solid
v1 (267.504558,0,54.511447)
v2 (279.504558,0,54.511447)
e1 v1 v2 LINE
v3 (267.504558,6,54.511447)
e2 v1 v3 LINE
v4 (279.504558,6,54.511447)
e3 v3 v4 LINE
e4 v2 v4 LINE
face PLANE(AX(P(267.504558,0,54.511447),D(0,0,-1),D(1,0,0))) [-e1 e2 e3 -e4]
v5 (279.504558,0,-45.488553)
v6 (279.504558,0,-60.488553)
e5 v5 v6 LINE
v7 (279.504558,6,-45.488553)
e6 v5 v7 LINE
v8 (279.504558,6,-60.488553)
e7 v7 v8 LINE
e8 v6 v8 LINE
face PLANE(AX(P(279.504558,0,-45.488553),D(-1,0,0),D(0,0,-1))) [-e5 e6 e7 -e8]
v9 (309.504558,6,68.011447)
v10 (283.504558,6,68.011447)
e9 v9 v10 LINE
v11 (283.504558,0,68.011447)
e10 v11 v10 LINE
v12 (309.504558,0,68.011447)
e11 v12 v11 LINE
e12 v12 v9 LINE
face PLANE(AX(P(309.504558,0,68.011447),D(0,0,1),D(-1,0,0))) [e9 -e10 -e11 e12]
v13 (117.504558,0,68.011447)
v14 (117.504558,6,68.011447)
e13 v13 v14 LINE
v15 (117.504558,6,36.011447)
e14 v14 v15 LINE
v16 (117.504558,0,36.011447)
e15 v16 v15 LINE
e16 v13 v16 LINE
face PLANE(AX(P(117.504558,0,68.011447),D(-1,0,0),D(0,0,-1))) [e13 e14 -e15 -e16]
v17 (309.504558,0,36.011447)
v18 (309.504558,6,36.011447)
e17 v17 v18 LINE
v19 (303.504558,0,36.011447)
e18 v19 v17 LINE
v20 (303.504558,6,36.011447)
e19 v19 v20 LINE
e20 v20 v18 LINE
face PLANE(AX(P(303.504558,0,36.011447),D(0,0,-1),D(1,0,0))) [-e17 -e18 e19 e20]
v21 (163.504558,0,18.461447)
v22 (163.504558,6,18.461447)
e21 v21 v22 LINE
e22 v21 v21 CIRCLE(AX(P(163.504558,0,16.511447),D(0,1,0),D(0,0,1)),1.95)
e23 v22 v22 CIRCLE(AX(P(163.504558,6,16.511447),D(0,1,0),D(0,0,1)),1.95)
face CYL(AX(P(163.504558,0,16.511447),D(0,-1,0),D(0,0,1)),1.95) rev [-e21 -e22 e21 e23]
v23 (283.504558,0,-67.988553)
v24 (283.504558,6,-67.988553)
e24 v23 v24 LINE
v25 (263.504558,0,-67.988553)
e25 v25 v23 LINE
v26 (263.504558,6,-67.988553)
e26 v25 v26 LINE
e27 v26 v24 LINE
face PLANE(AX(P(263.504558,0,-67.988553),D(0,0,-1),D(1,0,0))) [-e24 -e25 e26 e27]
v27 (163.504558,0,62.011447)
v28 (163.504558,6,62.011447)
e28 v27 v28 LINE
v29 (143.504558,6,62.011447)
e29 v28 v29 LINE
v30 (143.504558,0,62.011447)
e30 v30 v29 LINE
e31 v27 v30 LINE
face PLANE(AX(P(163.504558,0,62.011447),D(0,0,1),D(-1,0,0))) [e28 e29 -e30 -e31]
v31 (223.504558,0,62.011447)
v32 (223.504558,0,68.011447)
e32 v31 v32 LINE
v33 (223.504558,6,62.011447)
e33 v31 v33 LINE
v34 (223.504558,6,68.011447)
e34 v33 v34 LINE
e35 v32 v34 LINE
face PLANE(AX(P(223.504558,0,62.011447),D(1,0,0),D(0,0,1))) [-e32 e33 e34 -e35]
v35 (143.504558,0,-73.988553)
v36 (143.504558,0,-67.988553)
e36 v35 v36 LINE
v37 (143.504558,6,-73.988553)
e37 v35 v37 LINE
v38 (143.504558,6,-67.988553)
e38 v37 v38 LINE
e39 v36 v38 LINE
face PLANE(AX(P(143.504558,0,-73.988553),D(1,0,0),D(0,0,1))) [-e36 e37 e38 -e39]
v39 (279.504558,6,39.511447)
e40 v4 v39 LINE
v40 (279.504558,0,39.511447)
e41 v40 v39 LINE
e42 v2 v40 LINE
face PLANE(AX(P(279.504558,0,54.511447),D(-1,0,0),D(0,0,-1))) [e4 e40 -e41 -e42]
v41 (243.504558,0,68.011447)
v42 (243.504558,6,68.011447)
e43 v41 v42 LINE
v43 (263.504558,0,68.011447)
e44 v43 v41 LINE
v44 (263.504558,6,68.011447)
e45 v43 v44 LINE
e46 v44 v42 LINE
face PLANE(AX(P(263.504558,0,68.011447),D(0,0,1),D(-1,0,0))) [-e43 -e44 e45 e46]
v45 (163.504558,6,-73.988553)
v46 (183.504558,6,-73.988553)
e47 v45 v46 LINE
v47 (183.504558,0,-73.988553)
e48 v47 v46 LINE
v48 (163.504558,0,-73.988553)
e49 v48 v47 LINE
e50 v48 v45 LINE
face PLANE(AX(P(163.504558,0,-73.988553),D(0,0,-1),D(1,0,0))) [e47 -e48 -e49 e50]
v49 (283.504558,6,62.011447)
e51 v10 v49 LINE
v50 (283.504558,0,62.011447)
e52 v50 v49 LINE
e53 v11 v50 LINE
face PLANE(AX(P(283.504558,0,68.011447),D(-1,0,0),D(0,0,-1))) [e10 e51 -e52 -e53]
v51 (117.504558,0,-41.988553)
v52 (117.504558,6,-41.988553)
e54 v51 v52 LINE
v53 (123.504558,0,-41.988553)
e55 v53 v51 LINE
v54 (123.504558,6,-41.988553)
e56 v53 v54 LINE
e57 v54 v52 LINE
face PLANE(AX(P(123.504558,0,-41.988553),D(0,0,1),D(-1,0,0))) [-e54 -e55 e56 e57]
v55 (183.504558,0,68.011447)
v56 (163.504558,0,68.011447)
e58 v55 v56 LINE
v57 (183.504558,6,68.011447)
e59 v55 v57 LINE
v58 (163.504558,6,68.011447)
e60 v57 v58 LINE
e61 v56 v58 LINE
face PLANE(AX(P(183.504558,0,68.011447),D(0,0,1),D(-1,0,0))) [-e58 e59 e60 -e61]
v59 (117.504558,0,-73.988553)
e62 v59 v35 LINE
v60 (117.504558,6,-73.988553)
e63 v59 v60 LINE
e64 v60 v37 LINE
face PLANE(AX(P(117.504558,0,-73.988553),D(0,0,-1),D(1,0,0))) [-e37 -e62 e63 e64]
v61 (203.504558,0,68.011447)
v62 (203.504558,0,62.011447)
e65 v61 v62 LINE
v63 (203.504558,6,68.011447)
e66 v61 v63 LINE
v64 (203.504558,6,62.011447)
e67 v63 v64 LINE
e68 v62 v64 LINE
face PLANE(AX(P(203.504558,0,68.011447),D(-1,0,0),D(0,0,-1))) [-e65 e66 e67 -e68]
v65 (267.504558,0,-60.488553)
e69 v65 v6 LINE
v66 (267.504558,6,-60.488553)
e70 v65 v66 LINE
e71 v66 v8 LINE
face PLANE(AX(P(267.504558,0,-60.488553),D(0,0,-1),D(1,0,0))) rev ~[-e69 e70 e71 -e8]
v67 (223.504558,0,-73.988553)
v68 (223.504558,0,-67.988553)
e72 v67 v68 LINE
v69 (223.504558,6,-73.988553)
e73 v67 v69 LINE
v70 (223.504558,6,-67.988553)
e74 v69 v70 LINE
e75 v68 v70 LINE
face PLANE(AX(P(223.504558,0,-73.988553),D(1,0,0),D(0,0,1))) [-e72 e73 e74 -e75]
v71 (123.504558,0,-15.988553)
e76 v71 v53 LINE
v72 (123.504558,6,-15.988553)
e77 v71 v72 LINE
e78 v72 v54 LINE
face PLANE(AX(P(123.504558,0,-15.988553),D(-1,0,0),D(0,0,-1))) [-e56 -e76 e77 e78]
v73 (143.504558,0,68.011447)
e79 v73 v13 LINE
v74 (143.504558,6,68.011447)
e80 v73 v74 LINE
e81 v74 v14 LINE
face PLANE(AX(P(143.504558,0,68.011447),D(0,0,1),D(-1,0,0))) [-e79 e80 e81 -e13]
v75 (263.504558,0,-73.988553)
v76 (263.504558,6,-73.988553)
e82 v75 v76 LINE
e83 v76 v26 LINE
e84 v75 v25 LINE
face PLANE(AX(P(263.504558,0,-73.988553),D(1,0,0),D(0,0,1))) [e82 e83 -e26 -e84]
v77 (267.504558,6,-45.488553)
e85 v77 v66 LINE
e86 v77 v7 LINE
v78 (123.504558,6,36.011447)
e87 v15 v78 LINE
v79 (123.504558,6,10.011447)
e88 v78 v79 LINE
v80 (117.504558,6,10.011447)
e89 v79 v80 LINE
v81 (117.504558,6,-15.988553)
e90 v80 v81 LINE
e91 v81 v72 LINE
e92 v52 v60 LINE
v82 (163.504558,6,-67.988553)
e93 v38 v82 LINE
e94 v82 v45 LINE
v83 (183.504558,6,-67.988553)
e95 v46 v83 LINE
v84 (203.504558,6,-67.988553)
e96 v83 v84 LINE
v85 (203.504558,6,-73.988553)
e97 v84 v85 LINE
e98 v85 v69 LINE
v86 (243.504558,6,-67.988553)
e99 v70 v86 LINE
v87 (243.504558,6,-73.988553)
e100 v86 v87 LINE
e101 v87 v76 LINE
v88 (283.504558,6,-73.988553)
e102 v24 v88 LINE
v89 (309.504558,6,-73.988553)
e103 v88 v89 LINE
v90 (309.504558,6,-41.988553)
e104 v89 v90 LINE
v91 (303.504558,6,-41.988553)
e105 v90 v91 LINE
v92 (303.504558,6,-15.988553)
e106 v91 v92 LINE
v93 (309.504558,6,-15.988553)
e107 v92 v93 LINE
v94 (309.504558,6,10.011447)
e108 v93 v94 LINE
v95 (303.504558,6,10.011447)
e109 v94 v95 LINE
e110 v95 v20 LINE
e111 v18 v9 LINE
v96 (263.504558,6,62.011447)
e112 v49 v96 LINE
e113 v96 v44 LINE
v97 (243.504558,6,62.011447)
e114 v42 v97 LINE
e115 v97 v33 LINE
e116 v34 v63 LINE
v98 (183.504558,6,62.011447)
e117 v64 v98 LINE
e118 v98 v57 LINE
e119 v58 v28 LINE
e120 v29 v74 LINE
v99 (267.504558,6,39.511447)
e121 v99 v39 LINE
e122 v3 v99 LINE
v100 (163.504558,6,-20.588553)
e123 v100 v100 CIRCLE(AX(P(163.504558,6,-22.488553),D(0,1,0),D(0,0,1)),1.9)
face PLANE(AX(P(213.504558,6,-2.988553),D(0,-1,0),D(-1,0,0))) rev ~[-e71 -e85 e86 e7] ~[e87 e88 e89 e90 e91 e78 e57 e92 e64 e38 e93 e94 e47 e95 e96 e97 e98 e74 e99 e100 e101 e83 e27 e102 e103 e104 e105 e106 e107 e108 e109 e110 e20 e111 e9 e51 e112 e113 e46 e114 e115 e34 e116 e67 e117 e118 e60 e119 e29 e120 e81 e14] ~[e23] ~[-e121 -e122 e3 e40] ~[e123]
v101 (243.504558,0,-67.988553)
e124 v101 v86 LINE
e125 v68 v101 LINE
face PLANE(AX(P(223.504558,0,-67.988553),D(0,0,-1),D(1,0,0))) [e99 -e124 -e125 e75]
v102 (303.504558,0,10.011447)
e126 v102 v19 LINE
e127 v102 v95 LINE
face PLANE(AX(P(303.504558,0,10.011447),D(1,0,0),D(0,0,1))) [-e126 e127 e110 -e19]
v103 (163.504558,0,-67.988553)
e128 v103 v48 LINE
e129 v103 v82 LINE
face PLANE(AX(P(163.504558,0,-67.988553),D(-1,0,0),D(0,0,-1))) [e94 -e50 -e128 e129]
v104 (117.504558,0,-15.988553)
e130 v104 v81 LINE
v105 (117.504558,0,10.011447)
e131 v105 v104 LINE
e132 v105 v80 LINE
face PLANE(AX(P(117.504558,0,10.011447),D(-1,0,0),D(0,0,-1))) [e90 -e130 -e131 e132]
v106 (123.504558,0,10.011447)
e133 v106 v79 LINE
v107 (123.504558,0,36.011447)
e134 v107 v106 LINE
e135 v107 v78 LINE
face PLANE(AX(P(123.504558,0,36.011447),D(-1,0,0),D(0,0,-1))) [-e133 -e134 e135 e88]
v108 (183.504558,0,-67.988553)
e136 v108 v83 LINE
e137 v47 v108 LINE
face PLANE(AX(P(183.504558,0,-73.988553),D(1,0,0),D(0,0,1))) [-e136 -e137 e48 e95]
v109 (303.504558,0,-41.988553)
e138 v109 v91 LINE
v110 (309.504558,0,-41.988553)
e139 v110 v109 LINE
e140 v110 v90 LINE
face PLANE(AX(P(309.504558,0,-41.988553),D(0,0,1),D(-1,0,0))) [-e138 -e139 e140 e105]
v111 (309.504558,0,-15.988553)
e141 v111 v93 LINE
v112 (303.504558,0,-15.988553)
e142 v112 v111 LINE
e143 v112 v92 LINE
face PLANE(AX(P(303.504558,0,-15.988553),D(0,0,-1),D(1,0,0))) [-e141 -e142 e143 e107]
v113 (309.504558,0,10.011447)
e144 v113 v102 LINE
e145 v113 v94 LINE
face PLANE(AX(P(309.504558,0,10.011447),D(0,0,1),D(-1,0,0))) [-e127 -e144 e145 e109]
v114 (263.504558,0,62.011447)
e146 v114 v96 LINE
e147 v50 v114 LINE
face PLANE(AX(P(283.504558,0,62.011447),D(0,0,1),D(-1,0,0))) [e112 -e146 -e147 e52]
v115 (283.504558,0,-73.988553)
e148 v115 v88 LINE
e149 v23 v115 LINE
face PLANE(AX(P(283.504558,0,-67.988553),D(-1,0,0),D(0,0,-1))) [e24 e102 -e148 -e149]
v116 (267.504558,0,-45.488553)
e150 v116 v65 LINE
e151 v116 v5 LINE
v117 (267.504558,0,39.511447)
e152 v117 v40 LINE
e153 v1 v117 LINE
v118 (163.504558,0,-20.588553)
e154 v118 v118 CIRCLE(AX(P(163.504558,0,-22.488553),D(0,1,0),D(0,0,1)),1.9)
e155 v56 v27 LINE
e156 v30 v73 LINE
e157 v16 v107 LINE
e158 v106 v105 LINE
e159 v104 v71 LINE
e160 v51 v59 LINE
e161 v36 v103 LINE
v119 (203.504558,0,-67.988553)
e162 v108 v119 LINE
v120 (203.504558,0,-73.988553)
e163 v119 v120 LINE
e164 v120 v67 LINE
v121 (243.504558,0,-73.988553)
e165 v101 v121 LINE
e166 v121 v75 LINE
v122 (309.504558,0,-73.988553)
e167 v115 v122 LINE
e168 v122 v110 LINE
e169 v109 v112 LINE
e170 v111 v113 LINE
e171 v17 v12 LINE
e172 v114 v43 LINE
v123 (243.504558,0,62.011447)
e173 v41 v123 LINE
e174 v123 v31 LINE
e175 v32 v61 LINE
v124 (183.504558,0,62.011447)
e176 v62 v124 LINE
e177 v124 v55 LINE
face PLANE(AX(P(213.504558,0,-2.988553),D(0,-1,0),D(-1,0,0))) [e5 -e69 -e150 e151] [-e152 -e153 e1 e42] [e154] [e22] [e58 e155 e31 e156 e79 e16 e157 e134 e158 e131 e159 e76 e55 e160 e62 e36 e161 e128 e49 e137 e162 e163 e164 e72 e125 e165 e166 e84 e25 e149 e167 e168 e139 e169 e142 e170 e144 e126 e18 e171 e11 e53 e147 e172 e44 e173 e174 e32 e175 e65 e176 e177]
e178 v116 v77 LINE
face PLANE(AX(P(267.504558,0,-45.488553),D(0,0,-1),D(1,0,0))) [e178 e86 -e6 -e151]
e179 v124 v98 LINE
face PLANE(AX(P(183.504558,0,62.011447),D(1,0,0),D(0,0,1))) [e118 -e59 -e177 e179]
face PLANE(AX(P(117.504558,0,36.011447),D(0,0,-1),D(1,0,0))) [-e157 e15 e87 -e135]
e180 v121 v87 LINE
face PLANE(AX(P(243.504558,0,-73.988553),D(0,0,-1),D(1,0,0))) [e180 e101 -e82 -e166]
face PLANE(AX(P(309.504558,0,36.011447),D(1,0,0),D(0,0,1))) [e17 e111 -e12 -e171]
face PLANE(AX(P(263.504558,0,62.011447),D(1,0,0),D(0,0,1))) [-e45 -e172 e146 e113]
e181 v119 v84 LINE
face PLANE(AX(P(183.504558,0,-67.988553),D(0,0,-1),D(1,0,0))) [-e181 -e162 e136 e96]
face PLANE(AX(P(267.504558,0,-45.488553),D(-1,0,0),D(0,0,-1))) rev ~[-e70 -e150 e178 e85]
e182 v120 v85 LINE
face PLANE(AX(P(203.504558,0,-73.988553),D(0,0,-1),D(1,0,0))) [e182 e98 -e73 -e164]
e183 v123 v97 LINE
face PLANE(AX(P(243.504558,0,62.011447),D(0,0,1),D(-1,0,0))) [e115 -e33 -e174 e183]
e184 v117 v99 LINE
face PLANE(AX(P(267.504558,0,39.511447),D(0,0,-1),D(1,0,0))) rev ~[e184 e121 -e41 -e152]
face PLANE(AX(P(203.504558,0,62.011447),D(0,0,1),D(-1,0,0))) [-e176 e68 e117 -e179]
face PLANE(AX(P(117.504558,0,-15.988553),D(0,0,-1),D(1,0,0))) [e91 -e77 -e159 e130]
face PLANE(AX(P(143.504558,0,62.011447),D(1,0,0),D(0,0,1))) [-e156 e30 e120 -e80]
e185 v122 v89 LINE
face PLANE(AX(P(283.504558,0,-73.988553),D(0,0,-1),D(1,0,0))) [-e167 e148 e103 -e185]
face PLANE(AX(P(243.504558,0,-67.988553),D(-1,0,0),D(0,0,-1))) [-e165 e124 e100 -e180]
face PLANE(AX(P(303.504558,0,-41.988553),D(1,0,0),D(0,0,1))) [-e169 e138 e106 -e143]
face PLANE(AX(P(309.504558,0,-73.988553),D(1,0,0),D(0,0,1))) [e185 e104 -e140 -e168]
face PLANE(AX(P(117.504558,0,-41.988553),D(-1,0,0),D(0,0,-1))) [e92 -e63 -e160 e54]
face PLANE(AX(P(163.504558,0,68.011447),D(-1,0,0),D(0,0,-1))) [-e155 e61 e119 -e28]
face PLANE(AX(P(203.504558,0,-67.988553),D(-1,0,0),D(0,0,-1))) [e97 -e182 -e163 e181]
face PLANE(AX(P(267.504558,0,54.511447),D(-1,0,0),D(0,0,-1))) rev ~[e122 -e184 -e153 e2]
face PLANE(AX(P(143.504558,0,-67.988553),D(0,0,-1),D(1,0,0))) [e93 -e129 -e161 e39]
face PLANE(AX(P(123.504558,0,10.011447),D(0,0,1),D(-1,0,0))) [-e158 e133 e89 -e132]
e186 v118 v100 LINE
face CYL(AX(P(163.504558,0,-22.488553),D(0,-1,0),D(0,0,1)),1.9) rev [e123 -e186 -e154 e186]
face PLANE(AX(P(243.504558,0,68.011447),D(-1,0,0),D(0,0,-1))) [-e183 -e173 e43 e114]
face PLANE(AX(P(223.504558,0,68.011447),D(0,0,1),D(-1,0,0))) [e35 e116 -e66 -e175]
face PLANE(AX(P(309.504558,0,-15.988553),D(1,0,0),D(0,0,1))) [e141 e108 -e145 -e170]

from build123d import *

# Parameters (mm, degrees)
SKETCH2_R           = 1.9
SKETCH2_R_2         = 1.95
SKETCH2_W           = 12
SKETCH2_H           = 15
BOSS_EXTRUDE2_DEPTH = 6


with BuildPart() as part:
    # Sketch2 → Boss-Extrude2 (new body)
    with BuildSketch(Plane(origin=(0, 0, 0), x_dir=(1, 0, 0), z_dir=(0, 1, 0))):
        Polygon((203.50455835, 73.988552732), (223.50455835, 73.988552732), (223.50455835, 67.988552732), (243.50455835, 67.988552732), (243.50455835, 73.988552732), (263.50455835, 73.988552732), (263.50455835, 67.988552732), (283.50455835, 67.988552732), (283.50455835, 73.988552732), (309.50455835, 73.988552732), (309.50455835, 41.988552732), (303.50455835, 41.988552732), (303.50455835, 15.988552732), (309.50455835, 15.988552732), (309.50455835, -10.011447268), (303.50455835, -10.011447268), (303.50455835, -36.011447268), (309.50455835, -36.011447268), (309.50455835, -68.011447268), (283.50455835, -68.011447268), (283.50455835, -62.011447268), (263.50455835, -62.011447268), (263.50455835, -68.011447268), (243.50455835, -68.011447268), (243.50455835, -62.011447268), (223.50455835, -62.011447268), (223.50455835, -68.011447268), (203.50455835, -68.011447268), (203.50455835, -62.011447268), (183.50455835, -62.011447268), (183.50455835, -68.011447268), (163.50455835, -68.011447268), (163.50455835, -62.011447268), (143.50455835, -62.011447268), (143.50455835, -68.011447268), (117.50455835, -68.011447268), (117.50455835, -36.011447268), (123.50455835, -36.011447268), (123.50455835, -10.011447268), (117.50455835, -10.011447268), (117.50455835, 15.988552732), (123.50455835, 15.988552732), (123.50455835, 41.988552732), (117.50455835, 41.988552732), (117.50455835, 73.988552732), (143.50455835, 73.988552732), (143.50455835, 67.988552732), (163.50455835, 67.988552732), (163.50455835, 73.988552732), (183.50455835, 73.988552732), (183.50455835, 67.988552732), (203.50455835, 67.988552732), align=None)
        with Locations(Location((163.50455835, 22.488552732, 0), (0, 0, 270))):
            Circle(SKETCH2_R, mode=Mode.SUBTRACT)
        with Locations(Location((163.50455835, -16.511447268, 0), (0, 0, 270))):
            Circle(SKETCH2_R_2, mode=Mode.SUBTRACT)
        with Locations((273.50455835, -47.011447268)):
            Rectangle(SKETCH2_W, SKETCH2_H, mode=Mode.SUBTRACT)
        with Locations((273.50455835, 52.988552732)):
            Rectangle(SKETCH2_W, SKETCH2_H, mode=Mode.SUBTRACT)
    extrude(amount=BOSS_EXTRUDE2_DEPTH)


solid = part.part
